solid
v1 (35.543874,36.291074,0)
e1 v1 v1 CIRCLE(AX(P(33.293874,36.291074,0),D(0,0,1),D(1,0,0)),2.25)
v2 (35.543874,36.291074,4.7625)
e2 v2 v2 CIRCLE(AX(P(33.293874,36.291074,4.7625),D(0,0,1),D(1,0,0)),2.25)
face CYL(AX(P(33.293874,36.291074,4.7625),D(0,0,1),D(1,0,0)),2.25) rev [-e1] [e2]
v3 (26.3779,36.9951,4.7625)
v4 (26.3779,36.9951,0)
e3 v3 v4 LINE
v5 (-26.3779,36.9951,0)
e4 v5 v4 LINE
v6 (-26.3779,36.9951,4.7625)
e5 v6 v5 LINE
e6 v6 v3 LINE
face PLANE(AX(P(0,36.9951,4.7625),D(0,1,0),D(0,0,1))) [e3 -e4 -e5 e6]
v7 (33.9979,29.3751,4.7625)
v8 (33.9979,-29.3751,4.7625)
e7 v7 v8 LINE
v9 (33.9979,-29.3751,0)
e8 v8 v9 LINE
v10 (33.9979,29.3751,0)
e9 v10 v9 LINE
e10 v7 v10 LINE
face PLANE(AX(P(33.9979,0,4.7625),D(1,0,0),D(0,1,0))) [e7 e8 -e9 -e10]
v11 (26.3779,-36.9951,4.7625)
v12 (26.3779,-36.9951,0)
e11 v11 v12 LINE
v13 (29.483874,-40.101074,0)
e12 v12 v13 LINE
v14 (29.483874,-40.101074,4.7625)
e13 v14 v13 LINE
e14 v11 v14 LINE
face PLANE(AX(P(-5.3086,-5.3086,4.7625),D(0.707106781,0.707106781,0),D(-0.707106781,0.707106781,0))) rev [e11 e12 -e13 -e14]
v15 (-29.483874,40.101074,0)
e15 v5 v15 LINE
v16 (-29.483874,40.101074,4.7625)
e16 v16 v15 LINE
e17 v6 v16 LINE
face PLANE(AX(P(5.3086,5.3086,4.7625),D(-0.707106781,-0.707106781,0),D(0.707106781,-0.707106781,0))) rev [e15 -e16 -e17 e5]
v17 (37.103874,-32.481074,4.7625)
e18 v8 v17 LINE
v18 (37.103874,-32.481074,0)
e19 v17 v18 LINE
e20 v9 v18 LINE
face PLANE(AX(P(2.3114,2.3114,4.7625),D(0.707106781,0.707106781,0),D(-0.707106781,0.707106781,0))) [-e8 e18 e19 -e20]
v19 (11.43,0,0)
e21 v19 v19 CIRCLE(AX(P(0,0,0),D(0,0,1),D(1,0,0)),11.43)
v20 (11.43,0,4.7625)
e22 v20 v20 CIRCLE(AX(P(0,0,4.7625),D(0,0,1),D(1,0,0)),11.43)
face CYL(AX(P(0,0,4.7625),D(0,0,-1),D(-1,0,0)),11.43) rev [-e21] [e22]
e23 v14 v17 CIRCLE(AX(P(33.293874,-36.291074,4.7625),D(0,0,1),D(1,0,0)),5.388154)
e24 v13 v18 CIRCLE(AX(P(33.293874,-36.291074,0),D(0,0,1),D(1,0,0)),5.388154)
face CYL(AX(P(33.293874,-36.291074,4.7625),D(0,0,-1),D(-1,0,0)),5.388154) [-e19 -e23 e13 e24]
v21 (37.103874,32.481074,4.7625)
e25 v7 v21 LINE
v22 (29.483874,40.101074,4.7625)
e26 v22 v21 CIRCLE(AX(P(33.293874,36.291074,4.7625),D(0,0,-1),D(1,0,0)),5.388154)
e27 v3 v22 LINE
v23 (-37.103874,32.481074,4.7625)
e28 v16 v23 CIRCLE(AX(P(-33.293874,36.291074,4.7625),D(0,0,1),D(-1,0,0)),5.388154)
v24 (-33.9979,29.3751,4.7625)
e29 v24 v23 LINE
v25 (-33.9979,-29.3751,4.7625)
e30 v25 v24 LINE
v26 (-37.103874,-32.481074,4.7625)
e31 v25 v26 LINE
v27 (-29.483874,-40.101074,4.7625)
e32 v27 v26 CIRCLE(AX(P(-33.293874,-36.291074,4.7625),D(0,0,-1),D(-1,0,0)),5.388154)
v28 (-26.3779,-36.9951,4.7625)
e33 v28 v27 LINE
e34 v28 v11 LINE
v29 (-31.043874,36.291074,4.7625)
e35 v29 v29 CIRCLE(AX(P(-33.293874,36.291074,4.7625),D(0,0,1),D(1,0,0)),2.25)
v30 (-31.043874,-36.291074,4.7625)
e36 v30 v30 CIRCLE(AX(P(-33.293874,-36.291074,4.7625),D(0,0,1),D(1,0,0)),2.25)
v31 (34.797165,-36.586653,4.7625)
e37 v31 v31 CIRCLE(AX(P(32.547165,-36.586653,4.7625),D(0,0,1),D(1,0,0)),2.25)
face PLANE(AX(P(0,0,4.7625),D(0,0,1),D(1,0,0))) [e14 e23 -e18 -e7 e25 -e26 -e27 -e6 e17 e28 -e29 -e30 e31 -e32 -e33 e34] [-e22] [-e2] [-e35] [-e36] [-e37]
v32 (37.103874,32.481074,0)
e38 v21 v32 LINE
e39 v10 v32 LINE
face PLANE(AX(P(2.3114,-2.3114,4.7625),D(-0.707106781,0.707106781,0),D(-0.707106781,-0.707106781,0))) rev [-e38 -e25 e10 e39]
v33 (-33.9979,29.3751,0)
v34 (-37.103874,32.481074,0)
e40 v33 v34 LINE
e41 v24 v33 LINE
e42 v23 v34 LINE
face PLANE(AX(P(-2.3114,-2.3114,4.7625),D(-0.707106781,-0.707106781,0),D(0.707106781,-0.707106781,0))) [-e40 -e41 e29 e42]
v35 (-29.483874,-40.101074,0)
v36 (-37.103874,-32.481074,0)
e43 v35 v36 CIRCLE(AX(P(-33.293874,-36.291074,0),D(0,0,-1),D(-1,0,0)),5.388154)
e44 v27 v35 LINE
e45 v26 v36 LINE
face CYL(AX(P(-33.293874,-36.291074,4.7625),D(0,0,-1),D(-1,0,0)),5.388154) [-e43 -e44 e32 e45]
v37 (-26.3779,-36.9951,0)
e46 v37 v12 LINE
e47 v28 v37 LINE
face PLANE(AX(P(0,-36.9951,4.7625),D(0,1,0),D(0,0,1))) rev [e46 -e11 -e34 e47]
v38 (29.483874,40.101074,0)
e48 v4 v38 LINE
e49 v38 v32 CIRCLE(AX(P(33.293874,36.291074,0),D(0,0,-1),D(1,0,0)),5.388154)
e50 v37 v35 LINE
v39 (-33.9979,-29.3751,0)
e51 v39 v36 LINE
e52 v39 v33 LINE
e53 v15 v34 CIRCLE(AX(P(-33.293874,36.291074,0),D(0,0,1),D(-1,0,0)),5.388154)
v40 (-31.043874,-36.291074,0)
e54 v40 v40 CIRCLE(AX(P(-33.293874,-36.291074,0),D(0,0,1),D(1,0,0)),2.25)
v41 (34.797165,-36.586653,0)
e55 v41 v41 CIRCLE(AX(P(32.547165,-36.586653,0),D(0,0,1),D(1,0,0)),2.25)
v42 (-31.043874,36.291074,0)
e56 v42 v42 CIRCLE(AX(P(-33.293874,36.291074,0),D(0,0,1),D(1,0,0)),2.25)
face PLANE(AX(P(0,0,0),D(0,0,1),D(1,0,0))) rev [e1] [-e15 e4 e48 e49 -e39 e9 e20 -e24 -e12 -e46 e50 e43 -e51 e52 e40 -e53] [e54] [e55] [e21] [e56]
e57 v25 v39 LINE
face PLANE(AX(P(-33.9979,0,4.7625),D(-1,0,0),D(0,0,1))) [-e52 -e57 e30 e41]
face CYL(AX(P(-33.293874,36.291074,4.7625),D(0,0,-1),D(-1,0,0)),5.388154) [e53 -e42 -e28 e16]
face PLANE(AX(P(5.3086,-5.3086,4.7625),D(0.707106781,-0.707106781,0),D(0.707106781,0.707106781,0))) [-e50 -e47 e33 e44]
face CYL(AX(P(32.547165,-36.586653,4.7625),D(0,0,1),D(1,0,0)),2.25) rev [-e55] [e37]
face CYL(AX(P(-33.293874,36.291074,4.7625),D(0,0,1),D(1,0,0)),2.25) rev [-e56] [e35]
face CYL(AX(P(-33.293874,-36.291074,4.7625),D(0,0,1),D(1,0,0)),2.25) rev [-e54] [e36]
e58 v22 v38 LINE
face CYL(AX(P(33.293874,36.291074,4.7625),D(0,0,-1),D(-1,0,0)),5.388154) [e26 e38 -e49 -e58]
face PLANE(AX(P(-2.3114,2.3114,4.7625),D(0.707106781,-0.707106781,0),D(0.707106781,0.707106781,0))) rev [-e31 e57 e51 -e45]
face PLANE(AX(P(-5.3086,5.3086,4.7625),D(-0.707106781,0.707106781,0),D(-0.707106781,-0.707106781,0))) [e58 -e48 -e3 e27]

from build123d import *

# Parameters (mm, degrees)
SKETCH1_R               = 11.43
BOSS_EXTRUDE1_DEPTH     = 4.7625
MIRROR2_COPY_1_SKETCH_R = 11.43
MIRROR2_COPY_1_DEPTH    = 4.7625
M4_CLEARANCE_HOLE2_D    = 4.5


with BuildPart() as part:
    # Sketch1 → Boss-Extrude1 (new body)
    with BuildSketch(Plane.XY):
        with BuildLine():
            Line((33.9979, -29.3751), (33.9979, 36.9951))
            Line((33.9979, 36.9951), (-33.9979, 36.9951))
            Line((-33.9979, 36.9951), (-33.9979, -36.9951))
            Line((-33.9979, -36.9951), (26.3779, -36.9951))
            Line((26.3779, -36.9951), (29.48387433, -40.10107433))
            ThreePointArc((29.48387433, -40.10107433), (37.10387433, -40.10107433), (37.10387433, -32.48107433))
            Line((37.10387433, -32.48107433), (33.9979, -29.3751))
        make_face()
        Circle(SKETCH1_R, mode=Mode.SUBTRACT)
        Polygon((33.926365892, -36.9951), (33.9979, -36.923565892), (33.9979, -36.9951), align=None, mode=Mode.SUBTRACT)
    boss_extrude1 = extrude(amount=BOSS_EXTRUDE1_DEPTH)

    # Mirror1: Boss-Extrude1 across plane
    add(boss_extrude1.mirror(Plane.ZX))

    # Mirror2: Boss-Extrude1 across plane
    add(boss_extrude1.mirror(Plane(origin=(0, 0, 0), x_dir=(0, 0, 1), z_dir=(1, 0, 0))))

    # Mirror2 copy 1 sketch → Mirror2 copy 1 (add)
    with BuildSketch(Plane(origin=(0, 0, 0), x_dir=(-1, 0, 0), z_dir=(0, 0, 1))):
        with BuildLine():
            Line((33.9979, -29.3751), (33.9979, 36.9951))
            Line((33.9979, 36.9951), (-33.9979, 36.9951))
            Line((-33.9979, 36.9951), (-33.9979, -36.9951))
            Line((-33.9979, -36.9951), (26.3779, -36.9951))
            Line((26.3779, -36.9951), (29.48387433, -40.10107433))
            ThreePointArc((29.48387433, -40.10107433), (37.10387433, -40.10107433), (37.10387433, -32.48107433))
            Line((37.10387433, -32.48107433), (33.9979, -29.3751))
        make_face()
        Circle(MIRROR2_COPY_1_SKETCH_R, mode=Mode.SUBTRACT)
        Polygon((33.926365892, -36.9951), (33.9979, -36.923565892), (33.9979, -36.9951), align=None, mode=Mode.SUBTRACT)
    extrude(amount=MIRROR2_COPY_1_DEPTH)

    # M4 Clearance Hole2 (through all)
    with Locations(Plane.XY.offset(4.7625)):
        with Locations((-33.29387433, 36.29107433), (33.29387433, 36.29107433), (32.547164682, -36.586652732), (-33.29387433, -36.29107433)):
            Hole(M4_CLEARANCE_HOLE2_D / 2)


solid = part.part
